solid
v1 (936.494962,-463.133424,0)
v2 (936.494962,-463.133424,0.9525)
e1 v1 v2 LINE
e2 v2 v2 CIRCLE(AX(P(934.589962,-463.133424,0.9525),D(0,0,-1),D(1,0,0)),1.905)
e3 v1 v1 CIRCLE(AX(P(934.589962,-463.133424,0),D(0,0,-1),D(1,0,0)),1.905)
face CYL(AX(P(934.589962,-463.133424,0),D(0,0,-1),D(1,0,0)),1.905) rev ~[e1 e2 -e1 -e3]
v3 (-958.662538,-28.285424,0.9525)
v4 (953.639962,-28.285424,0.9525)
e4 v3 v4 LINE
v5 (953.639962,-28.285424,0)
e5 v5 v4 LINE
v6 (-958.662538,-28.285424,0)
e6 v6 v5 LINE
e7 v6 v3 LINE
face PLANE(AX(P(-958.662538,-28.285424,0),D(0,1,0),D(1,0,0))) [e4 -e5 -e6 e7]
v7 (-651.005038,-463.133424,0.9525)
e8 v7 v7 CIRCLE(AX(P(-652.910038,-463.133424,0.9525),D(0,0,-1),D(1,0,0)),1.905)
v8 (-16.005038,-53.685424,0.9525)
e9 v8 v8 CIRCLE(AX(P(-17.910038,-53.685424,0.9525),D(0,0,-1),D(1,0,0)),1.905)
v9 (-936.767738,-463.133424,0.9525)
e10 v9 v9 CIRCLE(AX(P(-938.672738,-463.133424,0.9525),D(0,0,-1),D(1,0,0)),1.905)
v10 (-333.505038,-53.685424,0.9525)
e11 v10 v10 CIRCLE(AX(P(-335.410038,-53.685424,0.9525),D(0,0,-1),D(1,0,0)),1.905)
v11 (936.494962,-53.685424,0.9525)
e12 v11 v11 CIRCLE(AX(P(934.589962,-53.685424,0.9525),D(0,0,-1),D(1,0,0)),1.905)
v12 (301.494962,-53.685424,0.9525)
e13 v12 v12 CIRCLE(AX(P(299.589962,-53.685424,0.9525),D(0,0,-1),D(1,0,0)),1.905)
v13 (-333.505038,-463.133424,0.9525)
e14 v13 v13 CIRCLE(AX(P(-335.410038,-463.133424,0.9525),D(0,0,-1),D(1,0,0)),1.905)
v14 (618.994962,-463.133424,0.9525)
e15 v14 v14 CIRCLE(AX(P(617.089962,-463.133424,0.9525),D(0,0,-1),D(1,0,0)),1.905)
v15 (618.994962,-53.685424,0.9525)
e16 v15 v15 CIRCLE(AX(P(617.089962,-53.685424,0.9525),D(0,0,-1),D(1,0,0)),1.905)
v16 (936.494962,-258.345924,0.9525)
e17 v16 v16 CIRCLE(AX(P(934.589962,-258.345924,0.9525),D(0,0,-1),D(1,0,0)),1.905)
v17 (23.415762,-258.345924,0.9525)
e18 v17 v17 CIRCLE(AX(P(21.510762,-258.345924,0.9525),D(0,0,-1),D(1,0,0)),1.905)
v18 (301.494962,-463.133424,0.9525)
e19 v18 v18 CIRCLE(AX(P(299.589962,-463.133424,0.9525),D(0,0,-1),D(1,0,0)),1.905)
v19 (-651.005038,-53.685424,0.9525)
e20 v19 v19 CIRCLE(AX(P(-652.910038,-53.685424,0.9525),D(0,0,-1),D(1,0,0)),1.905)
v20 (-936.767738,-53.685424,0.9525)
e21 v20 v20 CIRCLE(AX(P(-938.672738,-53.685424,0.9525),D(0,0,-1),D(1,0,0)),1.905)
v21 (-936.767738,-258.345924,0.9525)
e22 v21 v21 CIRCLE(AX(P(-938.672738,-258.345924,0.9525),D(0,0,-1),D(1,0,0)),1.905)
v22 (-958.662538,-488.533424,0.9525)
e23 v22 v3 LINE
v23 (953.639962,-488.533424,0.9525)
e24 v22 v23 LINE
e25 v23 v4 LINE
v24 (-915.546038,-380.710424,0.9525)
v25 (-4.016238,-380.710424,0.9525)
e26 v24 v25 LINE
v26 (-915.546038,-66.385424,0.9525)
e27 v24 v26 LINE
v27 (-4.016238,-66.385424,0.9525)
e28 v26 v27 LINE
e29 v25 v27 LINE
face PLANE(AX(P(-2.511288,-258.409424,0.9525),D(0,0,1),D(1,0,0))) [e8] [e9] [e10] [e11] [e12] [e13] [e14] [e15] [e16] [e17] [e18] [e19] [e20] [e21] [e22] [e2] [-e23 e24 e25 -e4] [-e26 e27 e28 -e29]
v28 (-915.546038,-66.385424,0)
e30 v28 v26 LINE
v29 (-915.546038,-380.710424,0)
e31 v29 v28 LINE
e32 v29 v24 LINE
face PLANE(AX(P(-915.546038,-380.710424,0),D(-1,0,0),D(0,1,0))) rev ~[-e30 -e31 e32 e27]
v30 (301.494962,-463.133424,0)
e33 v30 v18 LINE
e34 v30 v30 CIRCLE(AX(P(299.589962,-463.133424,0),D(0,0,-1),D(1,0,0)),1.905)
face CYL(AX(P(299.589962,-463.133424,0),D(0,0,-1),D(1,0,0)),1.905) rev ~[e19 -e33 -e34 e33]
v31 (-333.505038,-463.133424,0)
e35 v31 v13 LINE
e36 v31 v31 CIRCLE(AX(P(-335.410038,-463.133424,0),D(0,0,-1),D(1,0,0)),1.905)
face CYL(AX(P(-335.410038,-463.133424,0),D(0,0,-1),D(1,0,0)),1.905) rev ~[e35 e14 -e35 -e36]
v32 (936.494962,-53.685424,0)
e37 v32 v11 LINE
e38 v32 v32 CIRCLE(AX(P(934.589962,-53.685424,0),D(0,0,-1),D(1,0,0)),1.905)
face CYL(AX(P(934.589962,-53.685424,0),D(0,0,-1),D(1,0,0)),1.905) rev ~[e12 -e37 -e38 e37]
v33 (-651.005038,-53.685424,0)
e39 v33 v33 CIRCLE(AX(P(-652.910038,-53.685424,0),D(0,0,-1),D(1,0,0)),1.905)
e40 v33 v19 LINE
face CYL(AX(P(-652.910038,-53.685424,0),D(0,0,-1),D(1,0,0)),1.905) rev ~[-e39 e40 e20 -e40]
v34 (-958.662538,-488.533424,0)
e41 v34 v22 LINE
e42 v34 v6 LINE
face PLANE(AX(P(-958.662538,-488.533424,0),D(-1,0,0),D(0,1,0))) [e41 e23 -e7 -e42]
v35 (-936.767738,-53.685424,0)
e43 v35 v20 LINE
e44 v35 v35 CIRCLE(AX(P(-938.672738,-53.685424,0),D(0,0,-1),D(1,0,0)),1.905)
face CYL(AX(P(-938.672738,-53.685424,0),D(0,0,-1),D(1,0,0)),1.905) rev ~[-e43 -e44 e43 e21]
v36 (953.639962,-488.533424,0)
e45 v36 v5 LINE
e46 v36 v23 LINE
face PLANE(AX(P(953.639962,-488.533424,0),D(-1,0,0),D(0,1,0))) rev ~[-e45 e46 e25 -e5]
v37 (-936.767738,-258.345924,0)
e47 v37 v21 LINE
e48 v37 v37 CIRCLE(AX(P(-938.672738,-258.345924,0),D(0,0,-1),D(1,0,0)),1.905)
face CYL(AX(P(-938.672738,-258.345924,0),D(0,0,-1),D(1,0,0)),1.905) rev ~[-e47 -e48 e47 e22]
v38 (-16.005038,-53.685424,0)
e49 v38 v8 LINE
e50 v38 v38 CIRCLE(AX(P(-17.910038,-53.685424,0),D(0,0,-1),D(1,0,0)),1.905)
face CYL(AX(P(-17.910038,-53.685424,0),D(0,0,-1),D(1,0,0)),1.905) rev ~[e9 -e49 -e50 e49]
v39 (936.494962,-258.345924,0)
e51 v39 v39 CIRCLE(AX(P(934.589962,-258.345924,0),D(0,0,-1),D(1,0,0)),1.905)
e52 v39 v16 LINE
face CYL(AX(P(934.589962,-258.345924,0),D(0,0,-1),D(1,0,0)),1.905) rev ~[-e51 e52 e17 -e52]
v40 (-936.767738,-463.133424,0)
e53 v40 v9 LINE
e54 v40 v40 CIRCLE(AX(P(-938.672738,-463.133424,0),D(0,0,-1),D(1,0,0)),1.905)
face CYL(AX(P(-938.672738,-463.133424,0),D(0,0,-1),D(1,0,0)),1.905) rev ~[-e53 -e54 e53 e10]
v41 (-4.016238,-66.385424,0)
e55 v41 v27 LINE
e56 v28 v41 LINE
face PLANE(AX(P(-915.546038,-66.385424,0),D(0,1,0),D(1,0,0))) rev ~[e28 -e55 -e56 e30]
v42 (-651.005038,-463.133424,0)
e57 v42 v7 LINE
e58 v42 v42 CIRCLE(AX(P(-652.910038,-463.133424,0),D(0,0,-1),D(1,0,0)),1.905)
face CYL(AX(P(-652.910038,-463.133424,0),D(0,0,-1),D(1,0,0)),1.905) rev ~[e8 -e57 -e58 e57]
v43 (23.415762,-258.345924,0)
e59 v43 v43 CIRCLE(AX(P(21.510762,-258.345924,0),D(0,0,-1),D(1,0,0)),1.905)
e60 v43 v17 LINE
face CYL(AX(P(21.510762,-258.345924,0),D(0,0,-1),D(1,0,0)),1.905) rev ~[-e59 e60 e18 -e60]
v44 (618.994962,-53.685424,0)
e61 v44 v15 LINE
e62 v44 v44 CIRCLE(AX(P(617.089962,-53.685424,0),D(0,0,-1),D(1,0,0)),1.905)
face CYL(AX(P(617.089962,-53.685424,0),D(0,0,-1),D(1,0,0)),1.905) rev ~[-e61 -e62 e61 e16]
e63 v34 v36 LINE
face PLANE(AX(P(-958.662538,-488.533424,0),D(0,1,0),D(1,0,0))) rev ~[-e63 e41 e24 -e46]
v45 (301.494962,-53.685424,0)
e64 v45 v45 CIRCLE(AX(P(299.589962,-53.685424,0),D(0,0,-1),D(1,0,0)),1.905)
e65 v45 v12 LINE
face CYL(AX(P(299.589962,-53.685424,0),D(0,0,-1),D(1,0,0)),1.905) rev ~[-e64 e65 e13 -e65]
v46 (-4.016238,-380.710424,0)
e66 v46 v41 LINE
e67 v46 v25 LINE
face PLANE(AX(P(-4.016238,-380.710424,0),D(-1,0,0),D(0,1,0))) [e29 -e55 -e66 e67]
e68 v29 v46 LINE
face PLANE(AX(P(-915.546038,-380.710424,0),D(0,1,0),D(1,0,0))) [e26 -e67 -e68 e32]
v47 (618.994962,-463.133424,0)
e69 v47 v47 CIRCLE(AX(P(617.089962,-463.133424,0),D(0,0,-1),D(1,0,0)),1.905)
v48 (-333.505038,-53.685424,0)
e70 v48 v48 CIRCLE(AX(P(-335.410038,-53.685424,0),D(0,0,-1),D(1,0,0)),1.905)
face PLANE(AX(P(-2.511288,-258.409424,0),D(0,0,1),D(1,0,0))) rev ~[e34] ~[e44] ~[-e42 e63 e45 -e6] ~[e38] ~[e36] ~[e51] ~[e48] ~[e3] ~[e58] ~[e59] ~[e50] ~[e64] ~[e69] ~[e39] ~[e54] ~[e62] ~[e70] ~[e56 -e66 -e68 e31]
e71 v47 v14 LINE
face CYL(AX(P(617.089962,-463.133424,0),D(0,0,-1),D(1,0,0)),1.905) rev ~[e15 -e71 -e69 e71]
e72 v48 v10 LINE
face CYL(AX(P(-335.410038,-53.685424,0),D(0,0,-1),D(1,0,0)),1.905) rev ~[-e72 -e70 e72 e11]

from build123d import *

# Parameters (mm, degrees)
F0_W     = 1912.3025
F0_H     = 460.248
F0_W_2   = 911.5298
F0_H_2   = 314.325
F1_DEPTH = 0.9525
F2_R     = 1.905
F3_DEPTH = 25.4


with BuildPart() as f1:
    # F0 (on Top) → F1 (new body)
    with BuildSketch(Plane.XY):
        with Locations((-2.511288, -258.409424)):
            Rectangle(F0_W, F0_H)
        with Locations((-459.781138, -223.547924)):
            Rectangle(F0_W_2, F0_H_2, mode=Mode.SUBTRACT)
    extrude(amount=F1_DEPTH)

    # F2 (on face) → F3 (cut)
    with BuildSketch(Plane(origin=(0, 0, 0), x_dir=(1, 0, 0), z_dir=(0, 0, -1))):
        with Locations((934.589962, 53.685424)):
            Circle(F2_R)
        with Locations((617.089962, 53.685424)):
            Circle(F2_R)
        with Locations((299.589962, 53.685424)):
            Circle(F2_R)
        with Locations((-17.910038, 53.685424)):
            Circle(F2_R)
        with Locations((-335.410038, 53.685424)):
            Circle(F2_R)
        with Locations((-652.910038, 53.685424)):
            Circle(F2_R)
        with Locations((-938.672738, 53.685424)):
            Circle(F2_R)
        with Locations((934.589962, 258.345924)):
            Circle(F2_R)
        with Locations((934.589962, 463.133424)):
            Circle(F2_R)
        with Locations((-938.672738, 258.345924)):
            Circle(F2_R)
        with Locations((-938.672738, 463.133424)):
            Circle(F2_R)
        with Locations((-652.910038, 463.133424)):
            Circle(F2_R)
        with Locations((-335.410038, 463.133424)):
            Circle(F2_R)
        with Locations((299.589962, 463.133424)):
            Circle(F2_R)
        with Locations((617.089962, 463.133424)):
            Circle(F2_R)
        with Locations((21.510762, 258.345924)):
            Circle(F2_R)
    extrude(amount=-F3_DEPTH, mode=Mode.SUBTRACT)


solid = f1.part
